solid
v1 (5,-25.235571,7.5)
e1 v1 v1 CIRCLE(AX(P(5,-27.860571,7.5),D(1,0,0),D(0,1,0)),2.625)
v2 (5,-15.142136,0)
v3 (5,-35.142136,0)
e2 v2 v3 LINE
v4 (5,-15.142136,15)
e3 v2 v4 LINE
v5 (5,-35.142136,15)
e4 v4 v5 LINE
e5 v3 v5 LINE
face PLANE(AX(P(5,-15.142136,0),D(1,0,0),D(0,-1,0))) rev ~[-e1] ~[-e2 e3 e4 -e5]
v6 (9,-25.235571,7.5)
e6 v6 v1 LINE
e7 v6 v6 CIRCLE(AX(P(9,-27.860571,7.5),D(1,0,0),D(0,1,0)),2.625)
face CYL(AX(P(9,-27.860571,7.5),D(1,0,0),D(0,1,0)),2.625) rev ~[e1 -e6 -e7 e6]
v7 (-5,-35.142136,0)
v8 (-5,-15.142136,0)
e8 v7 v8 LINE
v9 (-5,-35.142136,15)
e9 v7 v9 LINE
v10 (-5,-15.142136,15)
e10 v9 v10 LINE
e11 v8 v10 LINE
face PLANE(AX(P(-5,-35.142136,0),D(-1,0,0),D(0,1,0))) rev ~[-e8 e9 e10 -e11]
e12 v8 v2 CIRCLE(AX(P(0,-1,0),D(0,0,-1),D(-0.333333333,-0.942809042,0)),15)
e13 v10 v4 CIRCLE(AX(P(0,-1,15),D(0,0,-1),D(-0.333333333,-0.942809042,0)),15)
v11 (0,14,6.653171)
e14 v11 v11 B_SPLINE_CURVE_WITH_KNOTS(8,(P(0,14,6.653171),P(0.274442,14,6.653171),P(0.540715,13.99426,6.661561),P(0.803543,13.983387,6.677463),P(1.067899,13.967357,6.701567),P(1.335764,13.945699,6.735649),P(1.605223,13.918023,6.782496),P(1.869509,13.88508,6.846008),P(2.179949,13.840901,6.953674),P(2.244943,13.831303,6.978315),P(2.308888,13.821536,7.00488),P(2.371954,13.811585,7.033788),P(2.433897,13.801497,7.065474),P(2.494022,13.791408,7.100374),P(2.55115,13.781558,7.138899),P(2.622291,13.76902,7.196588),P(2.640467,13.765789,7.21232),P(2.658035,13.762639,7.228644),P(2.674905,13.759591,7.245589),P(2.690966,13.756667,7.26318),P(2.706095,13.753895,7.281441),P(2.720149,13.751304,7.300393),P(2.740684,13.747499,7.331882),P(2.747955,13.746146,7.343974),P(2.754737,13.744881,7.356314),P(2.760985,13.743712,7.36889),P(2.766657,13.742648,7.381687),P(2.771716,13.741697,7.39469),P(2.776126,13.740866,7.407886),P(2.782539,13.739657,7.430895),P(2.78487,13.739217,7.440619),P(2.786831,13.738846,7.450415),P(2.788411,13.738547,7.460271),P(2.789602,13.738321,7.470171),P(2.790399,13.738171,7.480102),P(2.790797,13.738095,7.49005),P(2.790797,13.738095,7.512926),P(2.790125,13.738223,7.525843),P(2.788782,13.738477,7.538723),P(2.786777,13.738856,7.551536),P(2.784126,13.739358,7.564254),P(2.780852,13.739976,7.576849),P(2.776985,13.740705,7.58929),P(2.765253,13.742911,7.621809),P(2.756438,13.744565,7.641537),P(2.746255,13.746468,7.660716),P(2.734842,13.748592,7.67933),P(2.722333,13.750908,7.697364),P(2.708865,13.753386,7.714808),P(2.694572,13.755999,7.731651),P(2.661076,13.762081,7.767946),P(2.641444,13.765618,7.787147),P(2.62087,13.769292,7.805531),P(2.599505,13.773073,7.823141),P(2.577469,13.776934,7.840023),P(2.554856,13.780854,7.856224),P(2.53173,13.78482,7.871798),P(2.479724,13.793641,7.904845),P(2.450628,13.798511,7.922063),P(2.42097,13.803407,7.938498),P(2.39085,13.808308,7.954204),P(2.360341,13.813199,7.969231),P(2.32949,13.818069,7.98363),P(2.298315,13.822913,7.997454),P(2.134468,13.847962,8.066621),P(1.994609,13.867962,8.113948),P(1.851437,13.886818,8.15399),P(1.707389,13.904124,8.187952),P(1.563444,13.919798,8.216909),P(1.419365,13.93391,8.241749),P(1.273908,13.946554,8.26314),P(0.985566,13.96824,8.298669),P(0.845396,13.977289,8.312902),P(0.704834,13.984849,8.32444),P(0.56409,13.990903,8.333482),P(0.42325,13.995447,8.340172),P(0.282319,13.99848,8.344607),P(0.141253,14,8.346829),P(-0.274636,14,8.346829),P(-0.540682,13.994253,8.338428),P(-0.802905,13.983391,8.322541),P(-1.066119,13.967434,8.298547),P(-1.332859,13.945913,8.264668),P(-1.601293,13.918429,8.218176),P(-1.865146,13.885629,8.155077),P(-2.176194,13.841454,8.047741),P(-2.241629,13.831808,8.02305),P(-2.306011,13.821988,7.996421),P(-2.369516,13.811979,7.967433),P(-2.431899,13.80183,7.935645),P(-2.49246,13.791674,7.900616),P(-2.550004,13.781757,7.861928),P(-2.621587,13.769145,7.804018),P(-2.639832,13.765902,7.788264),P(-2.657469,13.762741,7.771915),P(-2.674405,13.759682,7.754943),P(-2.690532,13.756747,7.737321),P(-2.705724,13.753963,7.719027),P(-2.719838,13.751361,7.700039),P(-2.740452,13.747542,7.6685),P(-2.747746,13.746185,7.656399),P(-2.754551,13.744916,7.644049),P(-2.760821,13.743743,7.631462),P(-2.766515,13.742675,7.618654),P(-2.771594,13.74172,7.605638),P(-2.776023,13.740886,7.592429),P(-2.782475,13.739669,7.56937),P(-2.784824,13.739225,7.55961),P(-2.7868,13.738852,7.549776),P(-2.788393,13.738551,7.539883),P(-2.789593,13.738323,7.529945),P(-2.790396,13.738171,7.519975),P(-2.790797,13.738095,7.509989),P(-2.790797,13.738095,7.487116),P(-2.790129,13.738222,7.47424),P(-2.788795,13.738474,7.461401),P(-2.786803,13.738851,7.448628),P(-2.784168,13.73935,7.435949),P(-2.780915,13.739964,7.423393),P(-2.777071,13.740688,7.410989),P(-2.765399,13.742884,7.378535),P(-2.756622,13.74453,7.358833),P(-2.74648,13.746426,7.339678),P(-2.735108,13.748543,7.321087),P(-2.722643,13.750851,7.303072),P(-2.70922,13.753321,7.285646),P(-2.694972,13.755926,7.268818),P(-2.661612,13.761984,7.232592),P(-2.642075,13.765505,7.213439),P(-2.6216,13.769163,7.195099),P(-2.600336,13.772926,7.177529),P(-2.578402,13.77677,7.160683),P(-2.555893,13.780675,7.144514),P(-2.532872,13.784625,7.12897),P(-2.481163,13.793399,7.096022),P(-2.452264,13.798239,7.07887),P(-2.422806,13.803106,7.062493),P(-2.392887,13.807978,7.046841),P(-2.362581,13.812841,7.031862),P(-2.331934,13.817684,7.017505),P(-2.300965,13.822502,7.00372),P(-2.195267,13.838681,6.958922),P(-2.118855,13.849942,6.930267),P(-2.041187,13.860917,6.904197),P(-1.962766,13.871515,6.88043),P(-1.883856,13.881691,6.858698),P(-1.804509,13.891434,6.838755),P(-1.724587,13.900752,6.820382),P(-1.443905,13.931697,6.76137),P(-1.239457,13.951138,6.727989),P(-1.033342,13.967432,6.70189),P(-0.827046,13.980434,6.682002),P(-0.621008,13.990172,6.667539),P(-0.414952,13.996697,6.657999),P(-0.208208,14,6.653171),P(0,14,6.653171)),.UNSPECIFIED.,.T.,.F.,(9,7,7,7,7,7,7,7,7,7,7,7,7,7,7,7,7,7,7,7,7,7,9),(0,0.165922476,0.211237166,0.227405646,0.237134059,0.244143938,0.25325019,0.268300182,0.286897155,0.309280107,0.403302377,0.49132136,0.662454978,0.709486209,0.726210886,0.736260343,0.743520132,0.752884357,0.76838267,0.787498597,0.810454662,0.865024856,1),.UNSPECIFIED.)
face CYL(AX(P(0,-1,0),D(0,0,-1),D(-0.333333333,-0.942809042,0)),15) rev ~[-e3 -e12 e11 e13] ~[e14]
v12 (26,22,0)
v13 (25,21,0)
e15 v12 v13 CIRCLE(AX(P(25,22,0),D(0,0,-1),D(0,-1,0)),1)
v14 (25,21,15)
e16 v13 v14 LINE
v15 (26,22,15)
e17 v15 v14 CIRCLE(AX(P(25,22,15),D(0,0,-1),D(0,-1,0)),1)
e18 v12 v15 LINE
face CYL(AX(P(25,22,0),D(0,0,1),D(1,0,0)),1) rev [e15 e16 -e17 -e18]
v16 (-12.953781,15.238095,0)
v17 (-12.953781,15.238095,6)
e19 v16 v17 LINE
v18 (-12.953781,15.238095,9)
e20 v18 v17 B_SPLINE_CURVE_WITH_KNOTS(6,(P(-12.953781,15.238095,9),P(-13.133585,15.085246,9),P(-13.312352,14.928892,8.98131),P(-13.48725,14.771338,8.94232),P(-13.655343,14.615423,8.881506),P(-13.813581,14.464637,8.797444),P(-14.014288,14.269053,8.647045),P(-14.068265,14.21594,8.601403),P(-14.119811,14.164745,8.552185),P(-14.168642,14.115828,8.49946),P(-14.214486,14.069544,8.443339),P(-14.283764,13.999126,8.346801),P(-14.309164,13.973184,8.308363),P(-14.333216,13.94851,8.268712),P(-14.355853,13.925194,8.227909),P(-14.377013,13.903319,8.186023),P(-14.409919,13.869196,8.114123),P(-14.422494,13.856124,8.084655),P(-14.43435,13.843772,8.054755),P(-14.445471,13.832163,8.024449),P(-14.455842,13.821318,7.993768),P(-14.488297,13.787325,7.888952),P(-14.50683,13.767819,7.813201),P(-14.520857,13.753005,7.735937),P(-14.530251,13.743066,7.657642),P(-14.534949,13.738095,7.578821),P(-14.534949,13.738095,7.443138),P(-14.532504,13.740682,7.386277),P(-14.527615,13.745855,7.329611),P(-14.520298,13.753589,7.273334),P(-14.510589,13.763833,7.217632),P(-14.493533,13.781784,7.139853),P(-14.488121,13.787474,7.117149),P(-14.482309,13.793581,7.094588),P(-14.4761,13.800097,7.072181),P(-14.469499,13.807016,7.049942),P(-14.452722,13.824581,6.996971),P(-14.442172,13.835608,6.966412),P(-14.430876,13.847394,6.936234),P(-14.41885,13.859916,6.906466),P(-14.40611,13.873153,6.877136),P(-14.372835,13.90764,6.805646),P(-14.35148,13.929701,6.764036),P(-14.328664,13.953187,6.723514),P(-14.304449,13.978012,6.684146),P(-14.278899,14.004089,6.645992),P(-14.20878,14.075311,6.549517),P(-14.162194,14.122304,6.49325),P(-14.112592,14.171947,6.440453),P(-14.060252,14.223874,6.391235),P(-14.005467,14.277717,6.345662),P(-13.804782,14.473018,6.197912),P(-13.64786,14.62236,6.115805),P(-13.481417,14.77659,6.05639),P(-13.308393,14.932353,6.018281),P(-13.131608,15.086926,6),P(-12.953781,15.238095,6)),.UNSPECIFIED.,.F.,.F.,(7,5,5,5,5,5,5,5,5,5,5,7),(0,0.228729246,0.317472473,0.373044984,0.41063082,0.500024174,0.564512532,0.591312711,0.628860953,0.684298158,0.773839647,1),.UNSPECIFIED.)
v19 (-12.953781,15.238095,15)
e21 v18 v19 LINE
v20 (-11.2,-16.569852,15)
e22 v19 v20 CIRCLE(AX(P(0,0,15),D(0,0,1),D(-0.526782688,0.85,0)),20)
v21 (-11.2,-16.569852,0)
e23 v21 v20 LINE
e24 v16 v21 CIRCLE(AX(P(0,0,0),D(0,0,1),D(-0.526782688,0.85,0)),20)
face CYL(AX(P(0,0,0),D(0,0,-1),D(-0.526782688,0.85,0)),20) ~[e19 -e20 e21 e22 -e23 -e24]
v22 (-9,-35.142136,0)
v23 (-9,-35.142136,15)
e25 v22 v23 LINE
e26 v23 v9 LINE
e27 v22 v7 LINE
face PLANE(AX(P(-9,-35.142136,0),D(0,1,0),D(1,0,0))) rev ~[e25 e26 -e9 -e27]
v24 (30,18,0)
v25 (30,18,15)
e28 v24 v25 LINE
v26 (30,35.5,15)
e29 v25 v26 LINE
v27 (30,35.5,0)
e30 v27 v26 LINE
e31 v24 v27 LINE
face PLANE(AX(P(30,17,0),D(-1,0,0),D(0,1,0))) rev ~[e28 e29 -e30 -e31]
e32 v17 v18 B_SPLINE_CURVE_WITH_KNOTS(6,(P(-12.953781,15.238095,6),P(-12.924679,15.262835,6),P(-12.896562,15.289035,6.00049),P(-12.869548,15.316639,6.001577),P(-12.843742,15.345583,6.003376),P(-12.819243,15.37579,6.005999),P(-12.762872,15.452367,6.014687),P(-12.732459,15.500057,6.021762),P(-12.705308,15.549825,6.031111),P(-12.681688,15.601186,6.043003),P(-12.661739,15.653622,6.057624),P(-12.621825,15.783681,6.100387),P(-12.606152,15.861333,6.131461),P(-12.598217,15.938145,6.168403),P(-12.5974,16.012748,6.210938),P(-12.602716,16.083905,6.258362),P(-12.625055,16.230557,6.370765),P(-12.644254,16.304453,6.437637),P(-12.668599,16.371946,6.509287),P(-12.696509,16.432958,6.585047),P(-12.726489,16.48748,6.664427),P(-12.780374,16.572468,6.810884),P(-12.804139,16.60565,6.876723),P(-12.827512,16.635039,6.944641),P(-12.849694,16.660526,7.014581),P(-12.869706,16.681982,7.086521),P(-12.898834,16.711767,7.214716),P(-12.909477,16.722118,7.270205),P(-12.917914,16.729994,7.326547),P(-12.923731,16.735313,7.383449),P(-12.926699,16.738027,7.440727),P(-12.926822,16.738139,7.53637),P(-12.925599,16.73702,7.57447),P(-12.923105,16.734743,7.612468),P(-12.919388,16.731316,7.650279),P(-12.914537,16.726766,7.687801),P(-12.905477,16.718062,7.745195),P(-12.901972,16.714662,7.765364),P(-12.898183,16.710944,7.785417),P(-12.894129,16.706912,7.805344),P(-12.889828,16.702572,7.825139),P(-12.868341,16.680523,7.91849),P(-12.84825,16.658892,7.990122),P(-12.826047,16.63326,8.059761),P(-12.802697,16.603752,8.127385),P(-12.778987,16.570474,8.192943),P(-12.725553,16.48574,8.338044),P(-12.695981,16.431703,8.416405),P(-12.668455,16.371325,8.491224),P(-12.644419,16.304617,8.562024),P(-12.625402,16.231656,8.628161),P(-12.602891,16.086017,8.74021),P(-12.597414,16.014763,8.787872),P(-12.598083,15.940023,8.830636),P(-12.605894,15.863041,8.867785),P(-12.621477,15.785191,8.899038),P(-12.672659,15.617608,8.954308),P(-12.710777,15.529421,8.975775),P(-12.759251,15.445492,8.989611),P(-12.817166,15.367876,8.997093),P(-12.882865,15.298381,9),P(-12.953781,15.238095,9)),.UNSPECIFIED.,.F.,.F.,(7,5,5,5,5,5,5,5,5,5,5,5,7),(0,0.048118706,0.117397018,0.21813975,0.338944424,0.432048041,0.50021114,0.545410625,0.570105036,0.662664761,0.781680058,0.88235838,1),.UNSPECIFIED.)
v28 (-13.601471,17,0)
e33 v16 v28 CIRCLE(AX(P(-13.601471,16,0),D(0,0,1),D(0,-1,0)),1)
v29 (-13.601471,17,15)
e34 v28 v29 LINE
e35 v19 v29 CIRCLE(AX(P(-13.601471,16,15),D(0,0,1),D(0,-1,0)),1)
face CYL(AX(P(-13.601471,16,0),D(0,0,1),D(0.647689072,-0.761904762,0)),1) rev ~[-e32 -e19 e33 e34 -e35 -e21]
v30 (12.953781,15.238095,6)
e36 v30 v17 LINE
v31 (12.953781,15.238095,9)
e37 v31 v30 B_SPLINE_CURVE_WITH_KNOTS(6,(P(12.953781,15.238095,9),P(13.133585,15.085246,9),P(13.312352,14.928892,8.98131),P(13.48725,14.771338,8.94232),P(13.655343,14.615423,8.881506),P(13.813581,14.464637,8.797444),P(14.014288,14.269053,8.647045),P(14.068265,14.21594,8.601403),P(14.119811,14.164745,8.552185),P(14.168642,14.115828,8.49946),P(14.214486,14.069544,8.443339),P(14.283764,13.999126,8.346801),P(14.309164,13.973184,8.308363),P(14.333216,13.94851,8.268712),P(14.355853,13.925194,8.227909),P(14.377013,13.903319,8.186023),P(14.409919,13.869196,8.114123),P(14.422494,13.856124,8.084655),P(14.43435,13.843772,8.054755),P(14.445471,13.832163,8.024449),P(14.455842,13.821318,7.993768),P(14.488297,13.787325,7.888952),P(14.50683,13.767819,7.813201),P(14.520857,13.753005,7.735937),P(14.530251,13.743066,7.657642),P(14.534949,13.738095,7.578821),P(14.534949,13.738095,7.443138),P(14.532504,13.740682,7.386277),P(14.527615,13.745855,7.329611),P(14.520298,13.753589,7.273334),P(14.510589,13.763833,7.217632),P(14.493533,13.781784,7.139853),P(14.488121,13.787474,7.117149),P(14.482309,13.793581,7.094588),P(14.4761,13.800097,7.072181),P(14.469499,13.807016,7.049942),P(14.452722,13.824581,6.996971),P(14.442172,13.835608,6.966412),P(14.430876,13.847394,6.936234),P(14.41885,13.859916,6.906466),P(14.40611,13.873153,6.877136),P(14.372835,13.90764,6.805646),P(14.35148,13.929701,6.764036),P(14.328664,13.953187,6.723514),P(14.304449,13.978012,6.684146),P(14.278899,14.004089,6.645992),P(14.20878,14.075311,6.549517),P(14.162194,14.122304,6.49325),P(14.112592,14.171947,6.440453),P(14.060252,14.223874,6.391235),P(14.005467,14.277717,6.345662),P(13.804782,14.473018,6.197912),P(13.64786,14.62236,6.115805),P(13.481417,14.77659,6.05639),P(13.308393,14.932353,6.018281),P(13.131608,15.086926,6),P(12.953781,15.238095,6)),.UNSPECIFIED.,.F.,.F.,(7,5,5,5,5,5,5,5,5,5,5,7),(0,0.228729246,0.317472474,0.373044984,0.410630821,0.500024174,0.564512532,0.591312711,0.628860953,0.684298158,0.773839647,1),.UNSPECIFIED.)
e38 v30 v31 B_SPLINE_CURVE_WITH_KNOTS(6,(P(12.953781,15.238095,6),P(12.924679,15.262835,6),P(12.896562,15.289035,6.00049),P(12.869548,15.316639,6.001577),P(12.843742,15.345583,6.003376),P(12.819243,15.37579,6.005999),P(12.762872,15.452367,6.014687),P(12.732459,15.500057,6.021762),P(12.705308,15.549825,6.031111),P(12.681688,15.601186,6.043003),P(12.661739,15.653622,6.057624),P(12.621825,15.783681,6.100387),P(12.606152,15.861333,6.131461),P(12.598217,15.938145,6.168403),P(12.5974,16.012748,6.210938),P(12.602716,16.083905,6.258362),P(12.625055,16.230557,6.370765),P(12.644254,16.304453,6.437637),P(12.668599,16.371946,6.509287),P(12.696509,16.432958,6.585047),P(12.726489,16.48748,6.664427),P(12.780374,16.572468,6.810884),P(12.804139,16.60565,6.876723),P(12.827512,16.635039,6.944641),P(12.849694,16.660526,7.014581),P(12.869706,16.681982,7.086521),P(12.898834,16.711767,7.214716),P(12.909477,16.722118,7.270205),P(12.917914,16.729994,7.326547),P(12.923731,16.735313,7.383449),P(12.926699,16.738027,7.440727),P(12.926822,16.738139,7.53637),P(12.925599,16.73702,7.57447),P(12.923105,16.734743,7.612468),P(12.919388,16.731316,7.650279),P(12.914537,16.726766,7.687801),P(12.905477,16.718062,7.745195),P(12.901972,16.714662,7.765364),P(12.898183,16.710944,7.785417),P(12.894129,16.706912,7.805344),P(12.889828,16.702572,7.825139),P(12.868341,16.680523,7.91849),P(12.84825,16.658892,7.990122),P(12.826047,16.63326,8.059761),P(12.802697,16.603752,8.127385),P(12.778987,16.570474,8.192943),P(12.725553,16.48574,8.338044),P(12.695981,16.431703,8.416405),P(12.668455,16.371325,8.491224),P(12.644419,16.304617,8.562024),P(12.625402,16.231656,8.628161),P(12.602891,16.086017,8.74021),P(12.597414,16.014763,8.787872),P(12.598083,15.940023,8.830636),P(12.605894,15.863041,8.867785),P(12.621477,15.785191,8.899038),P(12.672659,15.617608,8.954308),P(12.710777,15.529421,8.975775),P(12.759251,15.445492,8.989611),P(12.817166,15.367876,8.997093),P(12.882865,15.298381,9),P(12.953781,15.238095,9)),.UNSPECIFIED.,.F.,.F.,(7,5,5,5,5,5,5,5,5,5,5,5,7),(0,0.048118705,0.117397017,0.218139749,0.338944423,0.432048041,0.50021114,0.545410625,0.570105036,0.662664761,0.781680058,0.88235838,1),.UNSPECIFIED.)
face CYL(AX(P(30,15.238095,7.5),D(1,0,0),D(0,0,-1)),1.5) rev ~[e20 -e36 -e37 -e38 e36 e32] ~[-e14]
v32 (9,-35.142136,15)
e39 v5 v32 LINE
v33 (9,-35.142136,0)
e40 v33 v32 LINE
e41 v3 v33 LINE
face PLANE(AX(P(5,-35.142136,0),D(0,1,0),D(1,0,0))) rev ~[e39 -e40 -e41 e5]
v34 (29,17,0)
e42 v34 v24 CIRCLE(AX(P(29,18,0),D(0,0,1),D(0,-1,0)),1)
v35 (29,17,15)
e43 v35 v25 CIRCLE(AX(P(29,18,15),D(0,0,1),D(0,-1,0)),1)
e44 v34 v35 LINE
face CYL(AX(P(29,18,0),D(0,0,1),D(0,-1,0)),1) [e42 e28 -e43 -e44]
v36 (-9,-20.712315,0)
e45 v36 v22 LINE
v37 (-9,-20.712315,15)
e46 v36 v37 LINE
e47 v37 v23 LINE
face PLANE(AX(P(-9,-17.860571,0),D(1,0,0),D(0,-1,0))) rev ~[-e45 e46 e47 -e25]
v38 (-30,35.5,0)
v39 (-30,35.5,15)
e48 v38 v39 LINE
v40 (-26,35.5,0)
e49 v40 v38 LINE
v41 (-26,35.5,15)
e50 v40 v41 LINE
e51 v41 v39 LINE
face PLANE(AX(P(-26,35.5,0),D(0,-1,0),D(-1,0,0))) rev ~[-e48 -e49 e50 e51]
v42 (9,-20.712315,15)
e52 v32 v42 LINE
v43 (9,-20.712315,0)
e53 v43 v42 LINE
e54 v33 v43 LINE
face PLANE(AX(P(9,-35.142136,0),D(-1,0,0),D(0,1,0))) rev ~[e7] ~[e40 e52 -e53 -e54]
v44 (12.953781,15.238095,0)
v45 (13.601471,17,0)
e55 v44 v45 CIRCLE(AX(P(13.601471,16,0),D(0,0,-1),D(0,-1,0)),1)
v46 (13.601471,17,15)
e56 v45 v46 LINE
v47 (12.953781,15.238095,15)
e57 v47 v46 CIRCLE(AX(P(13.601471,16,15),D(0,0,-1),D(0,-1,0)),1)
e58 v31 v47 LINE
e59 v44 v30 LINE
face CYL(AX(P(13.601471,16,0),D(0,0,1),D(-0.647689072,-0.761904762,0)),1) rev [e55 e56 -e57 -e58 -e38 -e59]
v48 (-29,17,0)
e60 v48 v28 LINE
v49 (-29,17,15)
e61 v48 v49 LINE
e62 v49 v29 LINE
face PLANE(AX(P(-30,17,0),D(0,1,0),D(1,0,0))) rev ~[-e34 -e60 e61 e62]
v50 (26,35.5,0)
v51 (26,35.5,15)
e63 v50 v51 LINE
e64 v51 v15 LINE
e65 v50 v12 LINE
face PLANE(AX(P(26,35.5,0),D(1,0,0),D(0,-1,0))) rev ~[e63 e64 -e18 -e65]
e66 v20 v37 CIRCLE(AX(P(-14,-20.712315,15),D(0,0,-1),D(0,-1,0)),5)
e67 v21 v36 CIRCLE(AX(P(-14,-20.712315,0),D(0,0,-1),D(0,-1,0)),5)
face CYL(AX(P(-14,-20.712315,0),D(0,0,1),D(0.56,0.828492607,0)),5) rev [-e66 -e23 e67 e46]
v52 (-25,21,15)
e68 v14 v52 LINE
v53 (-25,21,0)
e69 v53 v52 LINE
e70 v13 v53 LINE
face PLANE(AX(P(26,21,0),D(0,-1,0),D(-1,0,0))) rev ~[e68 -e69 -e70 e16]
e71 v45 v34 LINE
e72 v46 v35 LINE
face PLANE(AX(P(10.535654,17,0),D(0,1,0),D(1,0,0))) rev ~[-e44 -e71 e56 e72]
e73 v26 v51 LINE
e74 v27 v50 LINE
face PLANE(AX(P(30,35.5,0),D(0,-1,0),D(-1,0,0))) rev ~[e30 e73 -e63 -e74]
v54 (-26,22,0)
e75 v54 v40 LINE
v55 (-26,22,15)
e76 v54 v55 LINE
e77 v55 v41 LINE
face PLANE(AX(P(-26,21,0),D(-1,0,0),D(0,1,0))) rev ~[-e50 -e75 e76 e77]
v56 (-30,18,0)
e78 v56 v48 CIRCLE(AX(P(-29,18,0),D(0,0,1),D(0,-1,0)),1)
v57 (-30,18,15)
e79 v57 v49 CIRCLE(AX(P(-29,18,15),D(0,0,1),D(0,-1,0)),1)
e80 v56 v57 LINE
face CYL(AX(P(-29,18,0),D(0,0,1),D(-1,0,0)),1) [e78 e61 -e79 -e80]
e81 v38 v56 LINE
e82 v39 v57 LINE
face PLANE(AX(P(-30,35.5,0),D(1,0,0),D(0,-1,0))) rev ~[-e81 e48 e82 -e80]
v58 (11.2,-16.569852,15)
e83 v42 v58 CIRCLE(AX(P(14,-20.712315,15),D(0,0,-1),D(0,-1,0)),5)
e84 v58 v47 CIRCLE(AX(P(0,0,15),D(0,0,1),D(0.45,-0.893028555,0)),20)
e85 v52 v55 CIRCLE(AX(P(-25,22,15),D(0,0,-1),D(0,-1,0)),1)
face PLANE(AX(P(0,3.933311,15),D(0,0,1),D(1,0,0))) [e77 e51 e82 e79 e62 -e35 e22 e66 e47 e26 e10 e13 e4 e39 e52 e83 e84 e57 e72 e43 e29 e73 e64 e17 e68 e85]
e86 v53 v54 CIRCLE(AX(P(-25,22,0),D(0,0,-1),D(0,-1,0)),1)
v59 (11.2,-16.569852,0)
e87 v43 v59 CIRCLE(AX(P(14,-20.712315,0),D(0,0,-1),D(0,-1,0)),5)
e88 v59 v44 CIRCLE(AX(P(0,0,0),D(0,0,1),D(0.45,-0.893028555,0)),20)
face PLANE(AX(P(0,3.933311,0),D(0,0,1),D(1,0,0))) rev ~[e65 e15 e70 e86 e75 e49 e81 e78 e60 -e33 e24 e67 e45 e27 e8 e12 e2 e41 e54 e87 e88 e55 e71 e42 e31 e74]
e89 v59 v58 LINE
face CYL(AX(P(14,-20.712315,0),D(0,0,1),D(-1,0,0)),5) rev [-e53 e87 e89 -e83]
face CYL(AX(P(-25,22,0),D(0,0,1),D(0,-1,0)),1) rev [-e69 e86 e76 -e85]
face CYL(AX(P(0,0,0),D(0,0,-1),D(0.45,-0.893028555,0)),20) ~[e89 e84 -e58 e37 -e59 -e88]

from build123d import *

# Parameters (mm, degrees)
BOSS_EXTRUDE1_DEPTH = 15
SKETCH2_R           = 2.625
CUT_EXTRUDE1_DEPTH  = 10
FILLET3_R           = 5
FILLET5_R           = 1
FILLET6_R           = 1
SKETCH3_R           = 1.5
CUT_EXTRUDE4_DEPTH  = 58


with BuildPart() as part:
    # Sketch1 → Boss-Extrude1 (new body)
    with BuildSketch(Plane.XY):
        with BuildLine():
            ThreePointArc((-5, -15.142135624), (0, 14), (5, -15.142135624))
            Line((5, -15.142135624), (5, -35.142135624))
            Line((5, -35.142135624), (9, -35.142135624))
            Line((9, -35.142135624), (9, -17.860571099))
            ThreePointArc((9, -17.860571099), (19.980623019, -0.880172578), (10.535653753, 17))
            Line((10.535653753, 17), (30, 17))
            Line((30, 17), (30, 35.5))
            Line((30, 35.5), (26, 35.5))
            Line((26, 35.5), (26, 21))
            Line((26, 21), (-26, 21))
            Line((-26, 21), (-26, 35.5))
            Line((-26, 35.5), (-30, 35.5))
            Line((-30, 35.5), (-30, 17))
            Line((-30, 17), (-10.535653753, 17))
            ThreePointArc((-10.535653753, 17), (-19.980623019, -0.880172578), (-9, -17.860571099))
            Line((-9, -17.860571099), (-9, -35.142135624))
            Line((-9, -35.142135624), (-5, -35.142135624))
            Line((-5, -35.142135624), (-5, -15.142135624))
        make_face()
    extrude(amount=BOSS_EXTRUDE1_DEPTH)

    # Sketch2 → Cut-Extrude1 (cut)
    with BuildSketch(Plane(origin=(9, 0, 0), x_dir=(0, 0, -1), z_dir=(1, 0, 0))):
        with Locations(Location((-7.5, -27.860571099, 0), (0, 0, 90))):
            Circle(SKETCH2_R)
    extrude(amount=-CUT_EXTRUDE1_DEPTH, mode=Mode.SUBTRACT)

    # Fillet3
    fillet3_edges = [part.edges().sort_by_distance(p)[0] for p in [
        (9, -17.860571099, 7.5),
        (-9, -17.860571099, 7.5),
    ]]
    fillet(fillet3_edges, radius=FILLET3_R)

    # Fillet5
    fillet5_edges = [part.edges().sort_by_distance(p)[0] for p in [
        (10.535653753, 17, 7.5),
        (-10.535653753, 17, 7.5),
    ]]
    fillet(fillet5_edges, radius=FILLET5_R)

    # Fillet6
    fillet6_edges = [part.edges().sort_by_distance(p)[0] for p in [
        (26, 21, 7.5),
        (-26, 21, 7.5),
        (-30, 17, 7.5),
        (30, 17, 7.5),
    ]]
    fillet(fillet6_edges, radius=FILLET6_R)

    # Sketch3 → Cut-Extrude4 (cut)
    with BuildSketch(Plane(origin=(30, 0, 0), x_dir=(0, 0, -1), z_dir=(1, 0, 0))):
        with Locations((-7.5, 15.238095238)):
            Circle(SKETCH3_R)
    extrude(amount=-CUT_EXTRUDE4_DEPTH, mode=Mode.SUBTRACT)


solid = part.part
